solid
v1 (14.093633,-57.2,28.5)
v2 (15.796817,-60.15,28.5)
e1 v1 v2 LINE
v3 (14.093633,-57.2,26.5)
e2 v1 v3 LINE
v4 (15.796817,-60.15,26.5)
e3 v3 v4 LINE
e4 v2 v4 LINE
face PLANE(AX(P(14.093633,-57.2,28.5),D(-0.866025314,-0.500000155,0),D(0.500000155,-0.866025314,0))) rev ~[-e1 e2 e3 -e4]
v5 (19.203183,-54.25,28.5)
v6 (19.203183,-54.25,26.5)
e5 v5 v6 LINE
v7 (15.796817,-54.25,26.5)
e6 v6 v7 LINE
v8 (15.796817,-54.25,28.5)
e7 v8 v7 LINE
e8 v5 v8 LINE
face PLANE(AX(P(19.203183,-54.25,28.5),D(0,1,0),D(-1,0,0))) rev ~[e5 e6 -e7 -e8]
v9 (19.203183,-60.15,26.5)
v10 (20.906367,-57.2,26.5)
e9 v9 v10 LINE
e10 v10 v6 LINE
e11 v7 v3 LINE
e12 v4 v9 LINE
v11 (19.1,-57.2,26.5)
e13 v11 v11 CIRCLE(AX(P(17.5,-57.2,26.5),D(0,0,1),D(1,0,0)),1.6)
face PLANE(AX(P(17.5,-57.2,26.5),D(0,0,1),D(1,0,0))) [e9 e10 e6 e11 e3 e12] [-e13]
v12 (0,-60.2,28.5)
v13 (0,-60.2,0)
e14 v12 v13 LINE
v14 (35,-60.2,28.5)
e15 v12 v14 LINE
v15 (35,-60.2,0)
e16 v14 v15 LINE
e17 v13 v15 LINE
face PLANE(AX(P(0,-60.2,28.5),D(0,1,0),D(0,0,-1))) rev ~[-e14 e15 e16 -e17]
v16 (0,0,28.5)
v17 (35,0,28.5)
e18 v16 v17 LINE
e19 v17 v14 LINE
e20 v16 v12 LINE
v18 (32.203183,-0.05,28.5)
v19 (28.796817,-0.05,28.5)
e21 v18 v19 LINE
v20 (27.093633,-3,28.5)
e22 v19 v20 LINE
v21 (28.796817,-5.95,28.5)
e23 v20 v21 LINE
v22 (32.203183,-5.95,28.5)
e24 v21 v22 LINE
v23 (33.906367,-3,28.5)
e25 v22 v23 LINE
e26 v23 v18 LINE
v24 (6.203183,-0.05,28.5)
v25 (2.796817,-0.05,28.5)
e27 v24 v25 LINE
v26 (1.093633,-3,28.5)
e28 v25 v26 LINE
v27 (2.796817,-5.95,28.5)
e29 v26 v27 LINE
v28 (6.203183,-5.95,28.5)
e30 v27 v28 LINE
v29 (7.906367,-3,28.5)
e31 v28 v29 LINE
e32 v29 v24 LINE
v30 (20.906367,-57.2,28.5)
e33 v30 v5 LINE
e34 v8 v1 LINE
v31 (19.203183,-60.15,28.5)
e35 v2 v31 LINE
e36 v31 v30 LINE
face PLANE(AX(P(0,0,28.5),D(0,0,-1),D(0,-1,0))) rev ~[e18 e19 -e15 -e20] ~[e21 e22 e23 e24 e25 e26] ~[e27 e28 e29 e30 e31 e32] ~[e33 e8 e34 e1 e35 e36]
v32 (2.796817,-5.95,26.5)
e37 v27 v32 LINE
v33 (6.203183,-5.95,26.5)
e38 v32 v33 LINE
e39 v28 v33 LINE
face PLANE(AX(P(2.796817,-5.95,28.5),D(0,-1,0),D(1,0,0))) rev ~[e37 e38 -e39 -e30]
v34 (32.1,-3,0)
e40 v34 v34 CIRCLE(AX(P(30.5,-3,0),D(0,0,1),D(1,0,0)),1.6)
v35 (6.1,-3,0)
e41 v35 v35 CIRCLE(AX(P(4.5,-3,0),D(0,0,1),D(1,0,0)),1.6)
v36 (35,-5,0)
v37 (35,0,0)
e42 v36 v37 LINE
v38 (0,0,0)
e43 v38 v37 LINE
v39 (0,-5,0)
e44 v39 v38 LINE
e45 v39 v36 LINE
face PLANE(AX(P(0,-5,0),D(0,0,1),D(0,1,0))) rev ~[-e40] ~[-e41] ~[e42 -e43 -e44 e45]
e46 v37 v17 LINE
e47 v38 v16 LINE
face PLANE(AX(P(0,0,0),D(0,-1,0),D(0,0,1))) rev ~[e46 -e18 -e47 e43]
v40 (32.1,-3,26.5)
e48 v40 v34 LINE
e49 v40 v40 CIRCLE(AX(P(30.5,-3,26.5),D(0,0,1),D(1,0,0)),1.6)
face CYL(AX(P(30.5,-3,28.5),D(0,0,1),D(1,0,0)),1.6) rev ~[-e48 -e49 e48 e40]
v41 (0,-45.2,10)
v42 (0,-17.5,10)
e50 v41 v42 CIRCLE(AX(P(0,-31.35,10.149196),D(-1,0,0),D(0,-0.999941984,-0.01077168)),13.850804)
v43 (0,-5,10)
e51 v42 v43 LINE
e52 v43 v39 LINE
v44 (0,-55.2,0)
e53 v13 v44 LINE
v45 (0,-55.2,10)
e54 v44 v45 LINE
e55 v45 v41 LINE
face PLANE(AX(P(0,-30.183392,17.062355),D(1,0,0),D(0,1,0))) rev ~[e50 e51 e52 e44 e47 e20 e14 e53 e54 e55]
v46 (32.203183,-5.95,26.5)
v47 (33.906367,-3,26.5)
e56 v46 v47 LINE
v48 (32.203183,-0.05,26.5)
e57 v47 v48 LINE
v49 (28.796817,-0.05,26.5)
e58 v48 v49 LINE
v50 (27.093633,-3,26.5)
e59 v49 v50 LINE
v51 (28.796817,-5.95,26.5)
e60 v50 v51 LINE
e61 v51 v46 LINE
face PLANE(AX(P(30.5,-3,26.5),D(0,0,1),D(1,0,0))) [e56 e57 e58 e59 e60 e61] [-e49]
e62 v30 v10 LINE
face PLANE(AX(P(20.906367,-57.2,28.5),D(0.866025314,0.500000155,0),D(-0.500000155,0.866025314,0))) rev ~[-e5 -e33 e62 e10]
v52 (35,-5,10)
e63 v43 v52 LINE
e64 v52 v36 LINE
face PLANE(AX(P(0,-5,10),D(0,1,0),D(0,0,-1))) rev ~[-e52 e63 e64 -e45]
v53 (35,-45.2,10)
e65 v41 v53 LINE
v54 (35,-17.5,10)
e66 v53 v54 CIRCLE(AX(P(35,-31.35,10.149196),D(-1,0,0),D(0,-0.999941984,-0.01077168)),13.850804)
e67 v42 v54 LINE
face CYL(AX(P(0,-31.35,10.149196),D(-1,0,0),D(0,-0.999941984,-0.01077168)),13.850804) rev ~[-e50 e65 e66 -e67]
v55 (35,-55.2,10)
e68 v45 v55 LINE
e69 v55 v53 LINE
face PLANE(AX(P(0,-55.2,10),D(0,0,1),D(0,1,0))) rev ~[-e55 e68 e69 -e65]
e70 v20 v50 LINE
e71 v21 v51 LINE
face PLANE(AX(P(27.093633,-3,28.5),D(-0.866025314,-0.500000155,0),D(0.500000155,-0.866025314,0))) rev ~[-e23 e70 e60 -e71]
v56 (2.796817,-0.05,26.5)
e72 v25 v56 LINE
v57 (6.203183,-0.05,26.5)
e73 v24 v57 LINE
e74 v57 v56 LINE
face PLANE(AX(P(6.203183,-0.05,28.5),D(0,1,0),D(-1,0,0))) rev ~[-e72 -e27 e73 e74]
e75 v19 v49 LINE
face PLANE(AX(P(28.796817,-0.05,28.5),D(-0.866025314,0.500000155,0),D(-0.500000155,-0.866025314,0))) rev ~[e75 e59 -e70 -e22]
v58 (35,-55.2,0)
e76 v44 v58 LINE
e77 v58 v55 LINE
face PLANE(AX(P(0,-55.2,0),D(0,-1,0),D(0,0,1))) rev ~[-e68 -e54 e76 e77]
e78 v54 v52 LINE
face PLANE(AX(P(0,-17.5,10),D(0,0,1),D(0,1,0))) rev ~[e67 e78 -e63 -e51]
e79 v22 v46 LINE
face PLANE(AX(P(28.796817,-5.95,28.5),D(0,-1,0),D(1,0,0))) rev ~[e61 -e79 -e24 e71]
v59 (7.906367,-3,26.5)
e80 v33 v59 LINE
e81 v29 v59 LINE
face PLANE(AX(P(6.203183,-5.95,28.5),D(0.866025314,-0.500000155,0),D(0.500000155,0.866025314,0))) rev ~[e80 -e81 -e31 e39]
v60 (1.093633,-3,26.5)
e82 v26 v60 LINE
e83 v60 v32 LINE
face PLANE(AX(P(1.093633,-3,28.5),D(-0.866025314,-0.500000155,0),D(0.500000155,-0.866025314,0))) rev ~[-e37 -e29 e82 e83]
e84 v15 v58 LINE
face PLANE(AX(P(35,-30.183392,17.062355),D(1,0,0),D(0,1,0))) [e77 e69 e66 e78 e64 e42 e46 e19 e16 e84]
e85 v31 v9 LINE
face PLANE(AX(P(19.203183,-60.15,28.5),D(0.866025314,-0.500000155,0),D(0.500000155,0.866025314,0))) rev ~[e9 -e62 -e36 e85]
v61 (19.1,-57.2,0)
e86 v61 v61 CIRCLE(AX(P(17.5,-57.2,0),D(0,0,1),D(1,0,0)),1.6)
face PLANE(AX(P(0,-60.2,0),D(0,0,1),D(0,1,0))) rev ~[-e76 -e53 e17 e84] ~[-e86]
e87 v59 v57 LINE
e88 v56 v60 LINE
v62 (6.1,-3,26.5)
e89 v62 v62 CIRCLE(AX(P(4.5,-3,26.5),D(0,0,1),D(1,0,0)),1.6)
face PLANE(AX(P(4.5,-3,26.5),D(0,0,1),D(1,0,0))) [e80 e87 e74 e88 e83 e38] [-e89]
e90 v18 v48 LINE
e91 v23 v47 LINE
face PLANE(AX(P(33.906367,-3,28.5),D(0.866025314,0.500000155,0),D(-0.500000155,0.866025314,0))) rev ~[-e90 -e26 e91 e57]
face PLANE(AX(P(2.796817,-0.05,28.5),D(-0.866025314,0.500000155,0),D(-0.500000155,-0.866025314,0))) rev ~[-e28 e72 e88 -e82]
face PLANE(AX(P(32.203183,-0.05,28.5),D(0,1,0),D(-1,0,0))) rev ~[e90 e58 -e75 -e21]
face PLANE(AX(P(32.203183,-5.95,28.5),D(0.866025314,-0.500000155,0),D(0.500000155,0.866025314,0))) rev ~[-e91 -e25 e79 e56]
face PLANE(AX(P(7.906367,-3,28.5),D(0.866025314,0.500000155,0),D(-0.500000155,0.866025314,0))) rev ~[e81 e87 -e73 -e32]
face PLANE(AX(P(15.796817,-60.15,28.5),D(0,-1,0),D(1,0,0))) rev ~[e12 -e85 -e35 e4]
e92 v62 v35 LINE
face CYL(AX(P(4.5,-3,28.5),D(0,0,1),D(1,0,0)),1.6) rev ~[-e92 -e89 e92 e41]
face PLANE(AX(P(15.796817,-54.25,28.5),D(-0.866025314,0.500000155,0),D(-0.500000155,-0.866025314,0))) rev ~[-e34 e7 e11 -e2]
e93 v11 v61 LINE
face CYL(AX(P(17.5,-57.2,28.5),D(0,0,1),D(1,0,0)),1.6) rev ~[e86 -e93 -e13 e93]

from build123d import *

# Parameters (mm, degrees)
F1_DEPTH = 35
F2_R     = 1.6
F3_DEPTH = 28.5
F5_DEPTH = 2


with BuildPart() as f1:
    # F0 (on Right) → F1 (new body)
    with BuildSketch(Plane.YZ):
        with BuildLine():
            Line((0, 0), (0, 28.5))
            Line((0, 28.5), (-60.2, 28.5))
            Line((-60.2, 28.5), (-60.2, 0))
            Line((-60.2, 0), (-55.2, 0))
            Line((-55.2, 0), (-55.2, 10))
            Line((-55.2, 10), (-45.2, 10))
            ThreePointArc((-45.2, 10), (-31.35, 24), (-17.5, 10))
            Line((-17.5, 10), (-5, 10))
            Line((-5, 10), (-5, 0))
            Line((-5, 0), (0, 0))
        make_face()
    extrude(amount=F1_DEPTH)

    # F2 (on face) → F3 (cut, through all)
    with BuildSketch(Plane.XY.offset(28.5)):
        with Locations((4.5, -3)):
            Circle(F2_R)
        with Locations((30.5, -3)):
            Circle(F2_R)
        with Locations((17.5, -57.2)):
            Circle(F2_R)
    extrude(amount=-F3_DEPTH, mode=Mode.SUBTRACT)

    # F4 (on face) → F5 (cut)
    with BuildSketch(Plane.XY.offset(28.5)):
        Polygon((2.796817, -5.95), (6.203183, -5.95), (7.906367, -3), (6.203183, -0.05), (2.796817, -0.05), (1.093633, -3), align=None)
        Polygon((28.796817, -5.95), (32.203183, -5.95), (33.906367, -3), (32.203183, -0.05), (28.796817, -0.05), (27.093633, -3), align=None)
        Polygon((19.203183, -54.25), (15.796817, -54.25), (14.093633, -57.2), (15.796817, -60.15), (19.203183, -60.15), (20.906367, -57.2), align=None)
    extrude(amount=-F5_DEPTH, mode=Mode.SUBTRACT)


solid = f1.part
